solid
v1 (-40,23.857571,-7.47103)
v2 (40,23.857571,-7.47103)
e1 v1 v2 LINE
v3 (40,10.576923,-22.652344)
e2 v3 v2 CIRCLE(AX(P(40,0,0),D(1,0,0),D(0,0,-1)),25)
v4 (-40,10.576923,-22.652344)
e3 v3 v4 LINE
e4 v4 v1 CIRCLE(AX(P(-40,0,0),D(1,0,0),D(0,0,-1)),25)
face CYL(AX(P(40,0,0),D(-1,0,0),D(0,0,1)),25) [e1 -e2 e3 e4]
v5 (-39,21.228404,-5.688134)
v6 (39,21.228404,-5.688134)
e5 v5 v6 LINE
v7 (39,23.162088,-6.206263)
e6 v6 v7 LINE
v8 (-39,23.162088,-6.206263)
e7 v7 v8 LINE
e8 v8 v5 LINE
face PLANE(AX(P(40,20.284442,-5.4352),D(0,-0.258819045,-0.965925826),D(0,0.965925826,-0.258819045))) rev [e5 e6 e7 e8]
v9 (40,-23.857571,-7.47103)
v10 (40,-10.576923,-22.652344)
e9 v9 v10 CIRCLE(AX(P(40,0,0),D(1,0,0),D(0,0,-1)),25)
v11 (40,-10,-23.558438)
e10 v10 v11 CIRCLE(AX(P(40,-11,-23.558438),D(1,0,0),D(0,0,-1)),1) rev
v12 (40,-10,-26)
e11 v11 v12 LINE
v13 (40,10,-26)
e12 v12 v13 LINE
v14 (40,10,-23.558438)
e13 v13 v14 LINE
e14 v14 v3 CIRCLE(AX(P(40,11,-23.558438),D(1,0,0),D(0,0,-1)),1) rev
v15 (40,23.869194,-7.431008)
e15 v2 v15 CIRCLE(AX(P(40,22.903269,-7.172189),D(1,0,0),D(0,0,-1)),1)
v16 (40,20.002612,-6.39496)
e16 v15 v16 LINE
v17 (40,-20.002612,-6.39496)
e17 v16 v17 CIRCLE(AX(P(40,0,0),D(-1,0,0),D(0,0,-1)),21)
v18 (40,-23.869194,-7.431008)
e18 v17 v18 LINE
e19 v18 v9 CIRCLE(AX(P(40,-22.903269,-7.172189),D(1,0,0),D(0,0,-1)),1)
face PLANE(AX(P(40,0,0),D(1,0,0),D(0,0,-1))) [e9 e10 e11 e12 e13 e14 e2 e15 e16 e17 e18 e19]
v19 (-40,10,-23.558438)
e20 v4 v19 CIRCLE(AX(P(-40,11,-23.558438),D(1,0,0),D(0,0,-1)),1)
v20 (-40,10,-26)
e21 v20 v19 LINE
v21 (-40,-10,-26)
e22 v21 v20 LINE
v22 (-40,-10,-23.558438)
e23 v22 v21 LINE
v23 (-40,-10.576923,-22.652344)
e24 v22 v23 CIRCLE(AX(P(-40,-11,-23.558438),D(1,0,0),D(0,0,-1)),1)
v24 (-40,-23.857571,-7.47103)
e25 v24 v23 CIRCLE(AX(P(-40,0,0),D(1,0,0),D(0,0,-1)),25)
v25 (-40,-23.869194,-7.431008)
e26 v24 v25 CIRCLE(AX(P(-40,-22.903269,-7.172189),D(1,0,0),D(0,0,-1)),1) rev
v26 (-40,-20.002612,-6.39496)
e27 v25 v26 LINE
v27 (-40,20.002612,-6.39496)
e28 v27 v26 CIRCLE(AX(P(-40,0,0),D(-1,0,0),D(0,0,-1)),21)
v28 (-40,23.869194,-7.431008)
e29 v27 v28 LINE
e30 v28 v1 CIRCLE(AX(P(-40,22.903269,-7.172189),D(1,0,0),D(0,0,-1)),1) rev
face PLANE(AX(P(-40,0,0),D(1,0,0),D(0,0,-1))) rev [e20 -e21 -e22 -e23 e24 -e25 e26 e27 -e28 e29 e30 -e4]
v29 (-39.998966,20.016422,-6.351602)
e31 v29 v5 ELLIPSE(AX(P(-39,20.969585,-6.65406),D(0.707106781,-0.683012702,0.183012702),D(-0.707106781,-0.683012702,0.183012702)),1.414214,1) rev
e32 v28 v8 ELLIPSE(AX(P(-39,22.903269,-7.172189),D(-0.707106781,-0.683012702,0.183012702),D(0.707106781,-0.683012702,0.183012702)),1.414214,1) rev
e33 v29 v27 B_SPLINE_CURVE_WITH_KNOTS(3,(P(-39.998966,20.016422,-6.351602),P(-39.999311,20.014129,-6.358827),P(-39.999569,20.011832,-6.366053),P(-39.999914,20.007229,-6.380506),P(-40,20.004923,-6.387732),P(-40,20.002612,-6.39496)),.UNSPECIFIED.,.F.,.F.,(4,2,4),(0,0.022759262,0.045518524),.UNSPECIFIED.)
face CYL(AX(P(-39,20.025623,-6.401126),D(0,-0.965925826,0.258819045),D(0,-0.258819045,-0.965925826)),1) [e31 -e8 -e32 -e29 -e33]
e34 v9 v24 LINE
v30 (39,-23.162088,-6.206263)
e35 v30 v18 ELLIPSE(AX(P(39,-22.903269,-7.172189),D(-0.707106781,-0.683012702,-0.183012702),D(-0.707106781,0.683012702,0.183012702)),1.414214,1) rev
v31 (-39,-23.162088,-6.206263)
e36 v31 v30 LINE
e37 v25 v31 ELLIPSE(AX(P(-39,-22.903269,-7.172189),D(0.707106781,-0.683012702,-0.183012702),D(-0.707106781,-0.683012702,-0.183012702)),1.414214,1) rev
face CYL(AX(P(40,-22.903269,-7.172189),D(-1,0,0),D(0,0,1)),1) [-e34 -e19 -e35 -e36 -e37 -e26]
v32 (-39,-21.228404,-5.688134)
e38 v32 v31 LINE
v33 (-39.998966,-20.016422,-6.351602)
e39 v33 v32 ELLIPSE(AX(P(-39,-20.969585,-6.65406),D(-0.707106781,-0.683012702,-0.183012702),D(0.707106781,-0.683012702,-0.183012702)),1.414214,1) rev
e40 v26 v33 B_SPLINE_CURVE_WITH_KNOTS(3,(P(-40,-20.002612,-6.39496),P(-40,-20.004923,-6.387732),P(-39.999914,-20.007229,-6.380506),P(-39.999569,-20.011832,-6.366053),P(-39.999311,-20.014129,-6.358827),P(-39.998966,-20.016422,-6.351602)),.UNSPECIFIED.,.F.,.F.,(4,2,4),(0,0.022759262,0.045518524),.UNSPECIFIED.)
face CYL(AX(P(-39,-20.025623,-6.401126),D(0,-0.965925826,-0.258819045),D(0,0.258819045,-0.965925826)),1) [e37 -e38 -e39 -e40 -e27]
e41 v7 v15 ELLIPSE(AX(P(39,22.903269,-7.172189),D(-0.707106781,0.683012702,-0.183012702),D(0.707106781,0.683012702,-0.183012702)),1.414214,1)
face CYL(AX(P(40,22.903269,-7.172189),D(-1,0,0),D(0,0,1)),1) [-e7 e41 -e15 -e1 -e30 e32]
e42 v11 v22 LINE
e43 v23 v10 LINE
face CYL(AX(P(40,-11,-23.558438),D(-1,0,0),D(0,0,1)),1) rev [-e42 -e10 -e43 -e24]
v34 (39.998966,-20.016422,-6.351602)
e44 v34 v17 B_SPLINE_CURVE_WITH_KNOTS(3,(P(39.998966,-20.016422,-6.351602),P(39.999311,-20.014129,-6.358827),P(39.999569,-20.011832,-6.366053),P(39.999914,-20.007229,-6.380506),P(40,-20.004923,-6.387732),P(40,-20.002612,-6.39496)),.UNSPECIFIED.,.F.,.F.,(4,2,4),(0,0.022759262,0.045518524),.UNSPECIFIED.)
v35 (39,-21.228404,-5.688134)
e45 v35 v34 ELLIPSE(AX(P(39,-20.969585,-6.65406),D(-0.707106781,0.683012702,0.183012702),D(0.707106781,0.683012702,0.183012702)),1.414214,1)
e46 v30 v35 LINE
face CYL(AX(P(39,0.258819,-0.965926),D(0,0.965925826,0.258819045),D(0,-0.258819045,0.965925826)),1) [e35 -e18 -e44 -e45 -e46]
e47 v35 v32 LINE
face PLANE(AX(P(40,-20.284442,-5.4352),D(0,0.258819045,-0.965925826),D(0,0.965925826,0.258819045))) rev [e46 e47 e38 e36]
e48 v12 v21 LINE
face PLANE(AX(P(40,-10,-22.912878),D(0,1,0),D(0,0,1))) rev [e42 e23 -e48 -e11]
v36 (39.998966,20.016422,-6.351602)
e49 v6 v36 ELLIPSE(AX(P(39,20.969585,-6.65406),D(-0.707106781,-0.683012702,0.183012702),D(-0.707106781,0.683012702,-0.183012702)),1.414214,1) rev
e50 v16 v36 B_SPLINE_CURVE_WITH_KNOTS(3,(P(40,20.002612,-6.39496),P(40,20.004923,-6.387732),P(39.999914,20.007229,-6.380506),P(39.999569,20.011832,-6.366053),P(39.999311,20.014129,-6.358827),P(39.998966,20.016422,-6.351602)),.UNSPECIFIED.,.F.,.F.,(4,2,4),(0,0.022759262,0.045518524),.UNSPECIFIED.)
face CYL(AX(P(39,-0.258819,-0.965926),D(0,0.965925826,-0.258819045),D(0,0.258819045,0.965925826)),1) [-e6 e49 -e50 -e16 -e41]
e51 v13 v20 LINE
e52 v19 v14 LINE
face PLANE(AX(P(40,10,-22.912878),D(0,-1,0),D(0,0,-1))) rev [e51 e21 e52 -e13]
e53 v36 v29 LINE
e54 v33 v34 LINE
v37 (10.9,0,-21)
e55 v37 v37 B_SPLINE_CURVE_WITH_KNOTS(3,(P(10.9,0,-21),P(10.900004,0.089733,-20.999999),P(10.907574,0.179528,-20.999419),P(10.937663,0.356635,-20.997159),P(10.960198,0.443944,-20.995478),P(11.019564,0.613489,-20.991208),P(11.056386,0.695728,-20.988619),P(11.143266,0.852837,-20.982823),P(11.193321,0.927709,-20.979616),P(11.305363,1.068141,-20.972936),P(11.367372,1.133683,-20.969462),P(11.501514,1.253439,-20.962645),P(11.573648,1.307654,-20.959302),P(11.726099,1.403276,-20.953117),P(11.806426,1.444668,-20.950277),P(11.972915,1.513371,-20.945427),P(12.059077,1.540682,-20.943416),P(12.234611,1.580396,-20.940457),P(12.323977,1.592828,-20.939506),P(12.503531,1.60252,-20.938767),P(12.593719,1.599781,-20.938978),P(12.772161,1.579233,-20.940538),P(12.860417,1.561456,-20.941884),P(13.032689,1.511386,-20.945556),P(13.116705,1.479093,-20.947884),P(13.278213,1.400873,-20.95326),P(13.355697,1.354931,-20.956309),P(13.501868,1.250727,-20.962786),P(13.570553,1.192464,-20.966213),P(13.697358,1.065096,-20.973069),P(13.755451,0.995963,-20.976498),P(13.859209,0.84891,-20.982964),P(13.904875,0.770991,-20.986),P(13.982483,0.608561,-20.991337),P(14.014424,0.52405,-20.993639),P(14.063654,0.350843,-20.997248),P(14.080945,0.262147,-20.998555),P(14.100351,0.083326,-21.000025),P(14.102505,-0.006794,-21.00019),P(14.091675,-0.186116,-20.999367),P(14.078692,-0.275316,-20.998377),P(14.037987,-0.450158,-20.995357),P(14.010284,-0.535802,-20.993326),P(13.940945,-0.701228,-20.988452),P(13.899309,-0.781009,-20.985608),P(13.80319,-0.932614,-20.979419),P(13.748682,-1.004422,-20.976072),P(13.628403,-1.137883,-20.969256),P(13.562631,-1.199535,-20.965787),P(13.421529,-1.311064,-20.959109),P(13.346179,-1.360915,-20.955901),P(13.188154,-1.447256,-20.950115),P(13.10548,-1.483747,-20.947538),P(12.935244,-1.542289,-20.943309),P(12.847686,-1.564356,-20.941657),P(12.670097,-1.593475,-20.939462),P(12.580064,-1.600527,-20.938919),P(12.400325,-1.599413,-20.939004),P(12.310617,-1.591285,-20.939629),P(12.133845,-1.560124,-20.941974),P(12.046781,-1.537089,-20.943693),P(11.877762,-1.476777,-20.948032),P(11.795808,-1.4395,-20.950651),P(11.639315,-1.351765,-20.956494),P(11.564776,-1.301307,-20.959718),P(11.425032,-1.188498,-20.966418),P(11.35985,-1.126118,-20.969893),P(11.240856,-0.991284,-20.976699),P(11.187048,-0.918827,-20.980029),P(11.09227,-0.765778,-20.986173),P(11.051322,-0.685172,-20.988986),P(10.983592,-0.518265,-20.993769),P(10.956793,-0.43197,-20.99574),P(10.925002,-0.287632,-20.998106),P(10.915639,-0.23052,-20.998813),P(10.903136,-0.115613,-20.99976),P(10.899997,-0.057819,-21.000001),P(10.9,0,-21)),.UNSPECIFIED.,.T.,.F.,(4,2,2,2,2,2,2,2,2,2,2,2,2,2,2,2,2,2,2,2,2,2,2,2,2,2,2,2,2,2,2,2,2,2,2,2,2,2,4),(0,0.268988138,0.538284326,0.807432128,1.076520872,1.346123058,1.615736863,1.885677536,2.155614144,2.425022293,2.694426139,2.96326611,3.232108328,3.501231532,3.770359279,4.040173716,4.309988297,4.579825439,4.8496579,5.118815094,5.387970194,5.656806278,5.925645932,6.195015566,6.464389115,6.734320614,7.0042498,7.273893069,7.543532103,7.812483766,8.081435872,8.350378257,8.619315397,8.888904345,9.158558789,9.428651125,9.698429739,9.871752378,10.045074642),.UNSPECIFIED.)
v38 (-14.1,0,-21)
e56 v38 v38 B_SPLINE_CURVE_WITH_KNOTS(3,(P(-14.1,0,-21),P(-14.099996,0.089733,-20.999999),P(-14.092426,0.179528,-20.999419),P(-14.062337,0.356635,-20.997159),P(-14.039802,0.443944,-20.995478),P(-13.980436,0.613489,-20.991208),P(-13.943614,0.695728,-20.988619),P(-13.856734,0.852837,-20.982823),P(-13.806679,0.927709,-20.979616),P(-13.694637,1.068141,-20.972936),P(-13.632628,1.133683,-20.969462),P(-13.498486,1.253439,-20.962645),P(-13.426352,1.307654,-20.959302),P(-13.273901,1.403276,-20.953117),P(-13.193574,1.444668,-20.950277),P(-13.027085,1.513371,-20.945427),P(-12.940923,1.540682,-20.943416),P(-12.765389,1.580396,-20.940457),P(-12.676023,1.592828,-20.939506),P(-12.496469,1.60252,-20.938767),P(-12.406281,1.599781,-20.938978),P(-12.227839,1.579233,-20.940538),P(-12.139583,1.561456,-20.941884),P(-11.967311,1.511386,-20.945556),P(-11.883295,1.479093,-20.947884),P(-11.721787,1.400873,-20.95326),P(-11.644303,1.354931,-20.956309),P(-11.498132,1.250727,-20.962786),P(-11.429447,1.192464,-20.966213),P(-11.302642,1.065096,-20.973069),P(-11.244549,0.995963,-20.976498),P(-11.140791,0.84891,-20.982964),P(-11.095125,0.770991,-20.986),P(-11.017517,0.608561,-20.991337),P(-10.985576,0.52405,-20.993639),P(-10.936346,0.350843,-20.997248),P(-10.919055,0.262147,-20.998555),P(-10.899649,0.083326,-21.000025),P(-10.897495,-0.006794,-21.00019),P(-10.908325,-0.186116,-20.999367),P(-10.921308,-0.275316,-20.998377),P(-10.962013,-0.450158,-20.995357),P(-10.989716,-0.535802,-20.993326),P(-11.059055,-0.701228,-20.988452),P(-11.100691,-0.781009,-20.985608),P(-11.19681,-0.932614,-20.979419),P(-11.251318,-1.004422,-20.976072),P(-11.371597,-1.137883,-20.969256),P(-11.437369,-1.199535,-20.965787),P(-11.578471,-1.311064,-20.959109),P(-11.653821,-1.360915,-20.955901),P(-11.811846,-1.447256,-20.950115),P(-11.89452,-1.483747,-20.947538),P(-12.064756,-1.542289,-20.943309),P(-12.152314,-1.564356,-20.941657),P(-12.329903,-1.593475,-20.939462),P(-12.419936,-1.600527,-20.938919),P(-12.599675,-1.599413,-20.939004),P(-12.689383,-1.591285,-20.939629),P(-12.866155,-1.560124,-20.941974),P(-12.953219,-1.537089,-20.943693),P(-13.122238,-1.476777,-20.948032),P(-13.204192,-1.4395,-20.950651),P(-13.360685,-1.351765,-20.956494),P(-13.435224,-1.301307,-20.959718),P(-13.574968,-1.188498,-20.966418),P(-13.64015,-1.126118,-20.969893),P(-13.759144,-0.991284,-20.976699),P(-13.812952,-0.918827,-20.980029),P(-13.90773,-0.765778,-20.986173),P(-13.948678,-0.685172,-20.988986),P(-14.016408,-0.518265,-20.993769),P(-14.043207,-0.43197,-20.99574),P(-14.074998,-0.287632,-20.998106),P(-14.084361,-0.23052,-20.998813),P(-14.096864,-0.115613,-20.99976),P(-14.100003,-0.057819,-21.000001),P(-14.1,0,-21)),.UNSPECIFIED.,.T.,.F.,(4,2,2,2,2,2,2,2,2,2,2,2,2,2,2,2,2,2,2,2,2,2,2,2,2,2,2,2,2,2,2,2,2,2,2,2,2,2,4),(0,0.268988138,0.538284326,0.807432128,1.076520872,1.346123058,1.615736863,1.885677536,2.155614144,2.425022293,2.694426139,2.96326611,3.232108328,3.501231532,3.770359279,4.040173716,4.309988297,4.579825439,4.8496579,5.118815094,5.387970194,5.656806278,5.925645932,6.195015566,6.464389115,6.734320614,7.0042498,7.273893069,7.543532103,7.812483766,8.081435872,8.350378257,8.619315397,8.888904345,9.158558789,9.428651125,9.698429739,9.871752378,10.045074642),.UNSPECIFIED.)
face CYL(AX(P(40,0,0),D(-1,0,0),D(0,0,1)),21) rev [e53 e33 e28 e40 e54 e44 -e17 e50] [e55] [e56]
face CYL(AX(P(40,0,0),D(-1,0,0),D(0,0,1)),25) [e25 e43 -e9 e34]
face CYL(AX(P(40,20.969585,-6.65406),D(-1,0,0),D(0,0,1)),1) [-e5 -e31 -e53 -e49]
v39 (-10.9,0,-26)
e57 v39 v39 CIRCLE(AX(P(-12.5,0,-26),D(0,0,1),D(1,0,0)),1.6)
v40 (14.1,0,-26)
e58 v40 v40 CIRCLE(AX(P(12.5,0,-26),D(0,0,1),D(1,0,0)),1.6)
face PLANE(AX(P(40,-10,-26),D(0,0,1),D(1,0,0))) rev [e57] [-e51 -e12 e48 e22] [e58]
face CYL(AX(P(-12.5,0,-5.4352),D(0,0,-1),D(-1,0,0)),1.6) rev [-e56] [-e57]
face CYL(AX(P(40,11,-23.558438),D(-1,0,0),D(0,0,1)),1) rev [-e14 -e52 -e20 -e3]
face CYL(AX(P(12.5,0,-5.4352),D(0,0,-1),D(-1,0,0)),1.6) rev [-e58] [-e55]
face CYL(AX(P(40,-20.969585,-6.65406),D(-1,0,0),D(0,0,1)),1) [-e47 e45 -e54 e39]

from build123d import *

# Parameters (mm, degrees)
BOSS_EXTRUDE1_DEPTH     = 40
CUT_EXTRUDE1_DEPTH      = 52.04942644
CUT_EXTRUDE1_DEPTH_BACK = 52.04942644
SKETCH2_R               = 1.6
FILLET1_R               = 1


with BuildPart() as part:
    # Sketch1 → Boss-Extrude1 (new, symmetric)
    with BuildSketch(Plane.YZ):
        with BuildLine():
            Line((20.284442352, -5.435199947), (24.148145657, -6.470476128))
            ThreePointArc((24.148145657, -6.470476128), (18.950253605, -16.306069064), (10, -22.912878475))
            Line((10, -22.912878475), (10, -26))
            Line((10, -26), (-10, -26))
            Line((-10, -26), (-10, -22.912878475))
            ThreePointArc((-10, -22.912878475), (-18.950253605, -16.306069064), (-24.148145657, -6.470476128))
            Line((-24.148145657, -6.470476128), (-20.284442352, -5.435199947))
            ThreePointArc((-20.284442352, -5.435199947), (0, -21), (20.284442352, -5.435199947))
        make_face()
    extrude(amount=BOSS_EXTRUDE1_DEPTH, both=True)

    # Sketch2 → Cut-Extrude1 (cut, two sides: drawn at the far end of the back side and taken through both)
    with BuildSketch(Plane(origin=(0, 0, -26), x_dir=(-1, 0, 0), z_dir=(0, 0, -1)).offset(-CUT_EXTRUDE1_DEPTH_BACK)):
        with Locations((12.5, 0)):
            Circle(SKETCH2_R)
        with Locations((-12.5, 0)):
            Circle(SKETCH2_R)
    extrude(amount=CUT_EXTRUDE1_DEPTH + CUT_EXTRUDE1_DEPTH_BACK, mode=Mode.SUBTRACT)

    # Fillet1
    fillet1_edges = [part.edges().sort_by_distance(p)[0] for p in [
        (-40, -22.216294005, -5.952838037),
        (0, 20.284442352, -5.435199947),
        (0, 24.148145657, -6.470476128),
        (0, 10, -22.912878475),
        (0, -10, -22.912878475),
        (0, -24.148145657, -6.470476128),
        (0, -20.284442352, -5.435199947),
        (40, 22.216294005, -5.952838037),
        (-40, 22.216294005, -5.952838037),
        (40, -22.216294005, -5.952838037),
    ]]
    fillet(fillet1_edges, radius=FILLET1_R)


solid = part.part
